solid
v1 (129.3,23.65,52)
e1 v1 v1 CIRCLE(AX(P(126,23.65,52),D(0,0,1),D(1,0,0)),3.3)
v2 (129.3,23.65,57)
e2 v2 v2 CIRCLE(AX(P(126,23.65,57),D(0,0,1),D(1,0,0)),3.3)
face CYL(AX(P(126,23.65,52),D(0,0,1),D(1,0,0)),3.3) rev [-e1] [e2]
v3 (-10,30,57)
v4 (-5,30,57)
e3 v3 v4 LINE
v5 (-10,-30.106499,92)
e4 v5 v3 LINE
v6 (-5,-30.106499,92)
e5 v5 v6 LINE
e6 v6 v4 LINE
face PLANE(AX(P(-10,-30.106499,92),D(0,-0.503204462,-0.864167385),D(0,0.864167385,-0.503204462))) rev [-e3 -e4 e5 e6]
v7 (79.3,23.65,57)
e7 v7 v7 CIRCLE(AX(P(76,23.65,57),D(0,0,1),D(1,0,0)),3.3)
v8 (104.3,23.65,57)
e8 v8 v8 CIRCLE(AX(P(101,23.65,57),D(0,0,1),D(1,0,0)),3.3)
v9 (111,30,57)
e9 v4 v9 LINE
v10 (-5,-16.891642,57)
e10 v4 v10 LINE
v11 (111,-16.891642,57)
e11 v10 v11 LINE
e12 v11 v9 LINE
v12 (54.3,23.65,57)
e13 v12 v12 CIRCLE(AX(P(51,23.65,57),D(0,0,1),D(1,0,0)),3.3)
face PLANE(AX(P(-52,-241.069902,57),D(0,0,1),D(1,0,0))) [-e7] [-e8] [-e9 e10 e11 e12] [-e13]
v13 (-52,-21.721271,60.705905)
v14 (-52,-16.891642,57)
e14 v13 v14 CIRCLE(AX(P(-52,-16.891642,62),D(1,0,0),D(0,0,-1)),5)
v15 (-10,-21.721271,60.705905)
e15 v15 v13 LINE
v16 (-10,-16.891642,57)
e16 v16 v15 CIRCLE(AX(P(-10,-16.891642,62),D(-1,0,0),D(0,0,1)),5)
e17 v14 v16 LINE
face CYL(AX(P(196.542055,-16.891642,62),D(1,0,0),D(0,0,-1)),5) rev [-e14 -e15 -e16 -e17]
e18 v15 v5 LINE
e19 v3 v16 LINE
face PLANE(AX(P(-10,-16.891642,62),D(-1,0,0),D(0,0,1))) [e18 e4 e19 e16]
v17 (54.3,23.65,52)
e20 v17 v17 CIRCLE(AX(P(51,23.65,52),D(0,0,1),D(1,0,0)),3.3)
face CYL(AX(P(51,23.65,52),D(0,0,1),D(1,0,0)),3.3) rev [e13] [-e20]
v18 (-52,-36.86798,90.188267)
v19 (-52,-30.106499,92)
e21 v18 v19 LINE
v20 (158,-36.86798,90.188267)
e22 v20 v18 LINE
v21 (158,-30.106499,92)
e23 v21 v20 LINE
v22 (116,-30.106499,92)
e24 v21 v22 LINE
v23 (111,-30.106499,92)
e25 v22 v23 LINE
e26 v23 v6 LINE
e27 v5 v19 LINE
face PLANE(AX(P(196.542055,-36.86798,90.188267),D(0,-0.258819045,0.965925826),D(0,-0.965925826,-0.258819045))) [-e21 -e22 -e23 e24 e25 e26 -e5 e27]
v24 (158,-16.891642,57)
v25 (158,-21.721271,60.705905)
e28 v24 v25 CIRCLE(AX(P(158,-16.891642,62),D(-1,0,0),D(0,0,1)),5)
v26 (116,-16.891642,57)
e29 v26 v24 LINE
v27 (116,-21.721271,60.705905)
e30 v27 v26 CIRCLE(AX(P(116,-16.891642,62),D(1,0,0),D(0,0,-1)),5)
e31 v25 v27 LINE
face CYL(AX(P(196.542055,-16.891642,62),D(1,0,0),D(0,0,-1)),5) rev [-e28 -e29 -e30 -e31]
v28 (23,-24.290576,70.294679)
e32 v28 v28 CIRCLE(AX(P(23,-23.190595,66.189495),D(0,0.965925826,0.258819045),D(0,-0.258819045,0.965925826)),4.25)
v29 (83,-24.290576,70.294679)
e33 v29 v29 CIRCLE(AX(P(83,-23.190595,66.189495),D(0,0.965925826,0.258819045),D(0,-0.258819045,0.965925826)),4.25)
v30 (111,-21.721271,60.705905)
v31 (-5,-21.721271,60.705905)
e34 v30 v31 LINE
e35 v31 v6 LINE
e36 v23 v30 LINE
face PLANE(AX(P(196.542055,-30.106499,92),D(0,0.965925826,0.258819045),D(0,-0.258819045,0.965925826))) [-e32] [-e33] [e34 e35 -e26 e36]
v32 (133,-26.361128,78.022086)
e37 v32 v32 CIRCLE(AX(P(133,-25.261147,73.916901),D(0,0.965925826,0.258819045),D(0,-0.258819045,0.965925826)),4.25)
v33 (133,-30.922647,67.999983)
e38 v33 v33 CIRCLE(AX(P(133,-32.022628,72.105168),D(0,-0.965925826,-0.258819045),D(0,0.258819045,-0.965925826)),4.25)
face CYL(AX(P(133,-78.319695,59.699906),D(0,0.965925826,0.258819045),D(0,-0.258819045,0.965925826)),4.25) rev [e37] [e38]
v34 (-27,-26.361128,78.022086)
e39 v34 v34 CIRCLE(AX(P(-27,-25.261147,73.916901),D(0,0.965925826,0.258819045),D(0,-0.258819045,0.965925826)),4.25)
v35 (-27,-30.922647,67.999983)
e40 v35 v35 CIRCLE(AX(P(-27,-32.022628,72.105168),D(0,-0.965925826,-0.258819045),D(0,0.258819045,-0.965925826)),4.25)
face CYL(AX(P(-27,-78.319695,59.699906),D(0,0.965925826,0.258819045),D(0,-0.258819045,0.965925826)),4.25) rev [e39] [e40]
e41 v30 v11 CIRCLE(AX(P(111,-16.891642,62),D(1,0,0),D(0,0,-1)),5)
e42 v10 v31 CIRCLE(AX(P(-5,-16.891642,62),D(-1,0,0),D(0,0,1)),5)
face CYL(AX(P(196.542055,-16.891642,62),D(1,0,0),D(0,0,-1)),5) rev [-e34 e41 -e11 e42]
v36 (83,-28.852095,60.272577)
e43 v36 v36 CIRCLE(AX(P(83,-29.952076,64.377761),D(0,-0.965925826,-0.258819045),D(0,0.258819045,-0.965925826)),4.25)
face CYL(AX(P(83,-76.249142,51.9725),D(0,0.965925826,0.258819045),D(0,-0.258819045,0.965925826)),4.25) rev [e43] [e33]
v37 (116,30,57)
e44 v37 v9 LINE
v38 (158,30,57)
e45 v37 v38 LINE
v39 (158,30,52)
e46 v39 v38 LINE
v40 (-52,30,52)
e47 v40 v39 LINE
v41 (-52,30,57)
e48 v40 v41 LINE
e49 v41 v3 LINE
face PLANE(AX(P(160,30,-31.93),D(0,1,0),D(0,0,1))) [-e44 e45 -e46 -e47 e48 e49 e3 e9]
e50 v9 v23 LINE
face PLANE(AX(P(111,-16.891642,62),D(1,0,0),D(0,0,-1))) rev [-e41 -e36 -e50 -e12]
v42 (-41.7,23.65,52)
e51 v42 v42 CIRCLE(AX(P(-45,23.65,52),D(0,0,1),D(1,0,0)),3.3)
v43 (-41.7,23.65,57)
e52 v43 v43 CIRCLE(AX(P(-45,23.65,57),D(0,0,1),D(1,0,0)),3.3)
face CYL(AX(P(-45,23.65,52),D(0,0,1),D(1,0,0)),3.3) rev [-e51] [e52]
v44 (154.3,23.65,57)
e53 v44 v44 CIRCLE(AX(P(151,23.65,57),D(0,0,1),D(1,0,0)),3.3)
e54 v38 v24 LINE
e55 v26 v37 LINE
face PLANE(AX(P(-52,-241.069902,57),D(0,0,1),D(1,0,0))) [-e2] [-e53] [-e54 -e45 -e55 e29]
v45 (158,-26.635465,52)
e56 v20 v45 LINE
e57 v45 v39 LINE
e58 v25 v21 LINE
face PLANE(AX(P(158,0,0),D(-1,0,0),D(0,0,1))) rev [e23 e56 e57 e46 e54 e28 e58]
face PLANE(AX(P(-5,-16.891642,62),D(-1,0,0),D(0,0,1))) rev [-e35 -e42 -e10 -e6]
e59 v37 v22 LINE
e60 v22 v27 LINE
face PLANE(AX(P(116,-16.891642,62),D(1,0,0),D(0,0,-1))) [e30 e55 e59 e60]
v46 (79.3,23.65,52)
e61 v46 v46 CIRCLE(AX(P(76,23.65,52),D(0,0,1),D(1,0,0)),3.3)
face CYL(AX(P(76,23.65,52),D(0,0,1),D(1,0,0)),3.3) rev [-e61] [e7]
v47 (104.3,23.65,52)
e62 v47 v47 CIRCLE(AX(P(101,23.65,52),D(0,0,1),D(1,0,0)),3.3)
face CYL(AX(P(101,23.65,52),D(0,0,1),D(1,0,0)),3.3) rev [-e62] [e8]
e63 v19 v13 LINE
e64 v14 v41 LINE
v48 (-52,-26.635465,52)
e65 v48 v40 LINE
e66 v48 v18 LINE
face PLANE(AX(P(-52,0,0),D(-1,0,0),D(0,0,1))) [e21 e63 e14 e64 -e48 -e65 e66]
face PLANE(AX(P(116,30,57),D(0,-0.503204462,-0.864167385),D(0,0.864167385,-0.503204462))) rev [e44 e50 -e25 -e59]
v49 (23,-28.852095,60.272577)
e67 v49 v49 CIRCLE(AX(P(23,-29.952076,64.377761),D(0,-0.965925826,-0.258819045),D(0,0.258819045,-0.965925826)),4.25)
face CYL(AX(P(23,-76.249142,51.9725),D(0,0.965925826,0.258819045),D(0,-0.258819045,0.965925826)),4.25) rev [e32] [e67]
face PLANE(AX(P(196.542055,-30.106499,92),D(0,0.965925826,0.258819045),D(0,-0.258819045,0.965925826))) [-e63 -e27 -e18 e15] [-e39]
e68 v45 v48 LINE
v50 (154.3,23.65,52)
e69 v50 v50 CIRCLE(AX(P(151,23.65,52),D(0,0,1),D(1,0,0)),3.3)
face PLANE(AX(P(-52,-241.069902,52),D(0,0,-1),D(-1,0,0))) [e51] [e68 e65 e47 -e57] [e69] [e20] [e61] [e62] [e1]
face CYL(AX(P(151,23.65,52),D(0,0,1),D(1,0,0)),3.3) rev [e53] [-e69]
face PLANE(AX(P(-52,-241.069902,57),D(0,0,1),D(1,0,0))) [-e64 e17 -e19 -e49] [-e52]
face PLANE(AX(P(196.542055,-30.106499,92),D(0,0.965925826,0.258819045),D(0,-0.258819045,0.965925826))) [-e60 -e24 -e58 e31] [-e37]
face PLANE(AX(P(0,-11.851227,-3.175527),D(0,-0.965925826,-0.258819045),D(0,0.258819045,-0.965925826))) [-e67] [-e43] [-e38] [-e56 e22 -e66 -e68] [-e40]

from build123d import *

# Parameters (mm, degrees)
EXTRUDE_1_DEPTH      = 30
SKETCH_2_R           = 44.45
CUT_EXTRUDE_1_DEPTH  = 4
SKETCH_3_R           = 25.5
SKETCH_3_R_2         = 2.25
CUT_EXTRUDE_2_DEPTH  = 188.619295383
CUT_EXTRUDE_3_DEPTH  = 189.215302247
SKETCH_5_R           = 1.65
CUT_EXTRUDE_4_DEPTH  = 189.215302247
EXTRUDE_START        = -30
EXTRUDE_2_DEPTH      = 30
CUT_EXTRUDE_5_DEPTH  = 198.040604952
CUT_EXTRUDE_7_DEPTH  = 233.432785983
CUT_EXTRUDE_8_DEPTH  = 233.432785983
CUT_EXTRUDE_9_DEPTH  = 233.432785983
FILLET_1_R           = 5
CUT_EXTRUDE_10_DEPTH = 233.432785983
EXTRUDE_START_2      = -5
EXTRUDE_3_DEPTH      = 5
EXTRUDE_4_DEPTH      = 5
SKETCH_14_R          = 4.25
CUT_EXTRUDE_11_DEPTH = 189.364728478
SKETCH_16_W          = 43
SKETCH_16_H          = 30
CUT_EXTRUDE_12_DEPTH = 233.432785983
EXTRUDE_7_REACH      = 188.592
SKETCH_18_W          = 210
SKETCH_18_H          = 5
EXTRUDE_8_DEPTH      = 210
EXTRUDE_9_DEPTH      = 5
EXTRUDE_10_DEPTH     = 5
SKETCH_22_R          = 4.25
CUT_EXTRUDE_13_DEPTH = 187.984035343
FILLET_2_R           = 5
SKETCH_23_W          = 158.512158041
SKETCH_23_H          = 103.317713915
CUT_EXTRUDE_14_DEPTH = 234.418610938
EXTRUDE_11_DEPTH     = 2.5
EXTRUDE_12_DEPTH     = 2.5
CUT_EXTRUDE_15_DEPTH = 5
CUT_EXTRUDE_START    = -5
CUT_EXTRUDE_16_DEPTH = 5
SKETCH_24_R          = 3.3
CUT_EXTRUDE_17_DEPTH = 166.976648756


with BuildPart() as part:
    # 草图1 → 凸台-拉伸1 (new body)
    with BuildSketch(Plane(origin=(0, 0, 0), x_dir=(1, 0, 0), z_dir=(0, 1, 0))):
        with BuildLine():
            Line((170, 31.93), (170, -31.93))
            ThreePointArc((170, -31.93), (167.781993847, -38.210172909), (162.111885646, -41.704453387))
            Line((162.111885646, -41.704453387), (15.839142344, -73.308400404))
            ThreePointArc((15.839142344, -73.308400404), (-75, 0), (15.839142344, 73.308400404))
            Line((15.839142344, 73.308400404), (162.111885646, 41.704453387))
            ThreePointArc((162.111885646, 41.704453387), (167.781993847, 38.210172909), (170, 31.93))
        make_face()
    extrude(amount=EXTRUDE_1_DEPTH)

    # 草图2 → 切除-拉伸1 (cut)
    with BuildSketch(Plane(origin=(0, 30, 0), x_dir=(1, 0, 0), z_dir=(0, 1, 0))):
        with Locations(Location((0, 0, 0), (0, 0, 270))):
            Circle(SKETCH_2_R)
    extrude(amount=-CUT_EXTRUDE_1_DEPTH, mode=Mode.SUBTRACT)

    # 草图3 → 切除-拉伸2 (cut, through all)
    with BuildSketch(Plane(origin=(0, 26, 0), x_dir=(1, 0, 0), z_dir=(0, 1, 0))):
        with Locations(Location((0, 0, 0), (0, 0, 270))):
            Circle(SKETCH_3_R)
        with Locations(Location((0, 41, 0), (0, 0, 270))):
            Circle(SKETCH_3_R_2)
        with Locations(Location((28.991378029, 28.991378029, 0), (0, 0, 270))):
            Circle(SKETCH_3_R_2)
        with Locations(Location((41, 0, 0), (0, 0, 270))):
            Circle(SKETCH_3_R_2)
        with Locations(Location((28.991378029, -28.991378029, 0), (0, 0, 270))):
            Circle(SKETCH_3_R_2)
        with Locations(Location((0, -41, 0), (0, 0, 270))):
            Circle(SKETCH_3_R_2)
        with Locations(Location((-28.991378029, -28.991378029, 0), (0, 0, 270))):
            Circle(SKETCH_3_R_2)
        with Locations(Location((-41, 0, 0), (0, 0, 270))):
            Circle(SKETCH_3_R_2)
        with Locations(Location((-28.991378029, 28.991378029, 0), (0, 0, 270))):
            Circle(SKETCH_3_R_2)
    extrude(amount=-CUT_EXTRUDE_2_DEPTH, mode=Mode.SUBTRACT)

    # 草图4 → 切除-拉伸3 (cut, through all)
    with BuildSketch(Plane(origin=(0, 30, 0), x_dir=(1, 0, 0), z_dir=(0, 1, 0))):
        with BuildLine():
            Line((124, 18.5), (134, 18.5))
            ThreePointArc((134, 18.5), (152.5, 0), (134, -18.5))
            Line((134, -18.5), (124, -18.5))
            ThreePointArc((124, -18.5), (105.5, 0), (124, 18.5))
        make_face()
    extrude(amount=-CUT_EXTRUDE_3_DEPTH, mode=Mode.SUBTRACT)

    # 草图5 → 切除-拉伸4 (cut, through all)
    with BuildSketch(Plane(origin=(0, 30, 0), x_dir=(1, 0, 0), z_dir=(0, 1, 0))):
        with Locations(Location((116.75, 25.5, 0), (0, 0, 270))):
            Circle(SKETCH_5_R)
        with Locations(Location((141.25, 25.5, 0), (0, 0, 270))):
            Circle(SKETCH_5_R)
        with Locations(Location((141.25, -25.5, 0), (0, 0, 270))):
            Circle(SKETCH_5_R)
        with Locations(Location((116.75, -25.5, 0), (0, 0, 270))):
            Circle(SKETCH_5_R)
    extrude(amount=-CUT_EXTRUDE_4_DEPTH, mode=Mode.SUBTRACT)

    # 草图6 → 凸台-拉伸2 (add)
    with BuildSketch(Plane(origin=(0, 30, 0), x_dir=(1, 0, 0), z_dir=(0, 1, 0)).offset(EXTRUDE_START)):
        with BuildLine():
            Line((158, 95), (-52, 95))
            Line((-52, 95), (-52, 54.046276467))
            ThreePointArc((-52, 54.046276467), (-20.48558667, 72.148047366), (15.839142344, 73.308400404))
            Line((15.839142344, 73.308400404), (158, 42.592874655))
            Line((158, 42.592874655), (158, 95))
        make_face()
        with BuildLine():
            ThreePointArc((15.839142344, -73.308400404), (-20.48558667, -72.148047366), (-52, -54.046276467))
            Line((-52, -54.046276467), (-52, -95))
            Line((-52, -95), (158, -95))
            Line((158, -95), (158, -42.592874655))
            Line((158, -42.592874655), (15.839142344, -73.308400404))
        make_face()
    extrude(amount=EXTRUDE_2_DEPTH)

    # 草图7 → 切除-拉伸5 (cut, through all)
    with BuildSketch(Plane(origin=(0, 30, 0), x_dir=(1, 0, 0), z_dir=(0, 1, 0))):
        with BuildLine():
            Line((-52, 54.046276467), (-52, -54.046276467))
            ThreePointArc((-52, -54.046276467), (-75, 0), (-52, 54.046276467))
        make_face()
        with BuildLine():
            Line((158, 42.592874655), (158, -42.592874655))
            Line((158, -42.592874655), (162.111885646, -41.704453387))
            ThreePointArc((162.111885646, -41.704453387), (167.781993847, -38.210172909), (170, -31.93))
            Line((170, -31.93), (170, 31.93))
            ThreePointArc((170, 31.93), (167.781993847, 38.210172909), (162.111885646, 41.704453387))
            Line((162.111885646, 41.704453387), (158, 42.592874655))
        make_face()
    extrude(amount=-CUT_EXTRUDE_5_DEPTH, mode=Mode.SUBTRACT)

    # 草图9 → 切除-拉伸7 (cut, through all)
    with BuildSketch(Plane.ZY.offset(52)):
        Polygon((-95, 20), (-60, 10.621778265), (-60, 30), (-95, 30), align=None)
    extrude(amount=-CUT_EXTRUDE_7_DEPTH, mode=Mode.SUBTRACT)

    # 草图10 → 切除-拉伸8 (cut, through all)
    with BuildSketch(Plane.ZY.offset(52)):
        Polygon((-95, 12.753066737), (-52, 1.231251463), (-52, 0), (-95, 0), align=None)
    extrude(amount=-CUT_EXTRUDE_8_DEPTH, mode=Mode.SUBTRACT)

    # 草图8 → 切除-拉伸9 (cut, through all)
    with BuildSketch(Plane.ZY.offset(52)):
        Polygon((0, 0), (52, 0), (52, 17.3), (-52, 17.3), (-52, 0), align=None)
    extrude(amount=-CUT_EXTRUDE_9_DEPTH, mode=Mode.SUBTRACT)

    # 圆角1
    fillet_1_edges = [part.edges().sort_by_distance(p)[0] for p in [
        (53, 10.621778265, -60),
    ]]
    fillet(fillet_1_edges, radius=FILLET_1_R)

    # 草图11 → 切除-拉伸10 (cut, through all)
    with BuildSketch(Plane.ZY.offset(52)):
        Polygon((-95, 12.753066737), (-93.188266684, 19.514547521), (-95, 20), align=None)
    extrude(amount=-CUT_EXTRUDE_10_DEPTH, mode=Mode.SUBTRACT)

    # 草图12 → 凸台-拉伸3 (add)
    with BuildSketch(Plane.ZY.offset(52).offset(EXTRUDE_START_2)):
        with BuildLine():
            Line((-93.188266684, 19.514547521), (-60, 30))
            Line((-60, 30), (-60, 17.137905129))
            ThreePointArc((-60, 17.137905129), (-61.956192855, 13.171138428), (-66.294095226, 12.308275998))
            Line((-66.294095226, 12.308275998), (-93.188266684, 19.514547521))
        make_face()
    extrude(amount=EXTRUDE_3_DEPTH)

    # 草图13 → 凸台-拉伸4 (add)
    with BuildSketch(Plane(origin=(158, 0, 0), x_dir=(0, 0, -1), z_dir=(1, 0, 0))):
        with BuildLine():
            Line((66.294095226, 12.308275998), (93.188266684, 19.514547521))
            Line((93.188266684, 19.514547521), (60, 30))
            Line((60, 30), (60, 17.137905129))
            ThreePointArc((60, 17.137905129), (61.956192855, 13.171138428), (66.294095226, 12.308275998))
        make_face()
    extrude(amount=-EXTRUDE_4_DEPTH)

    # 草图14 → 切除-拉伸11 (cut, through all)
    with BuildSketch(Plane(origin=(0, -5.089745962, -1.36379332), x_dir=(1, 0, 0), z_dir=(0, 0.9659258262890681, 0.2588190451025214))):
        with Locations(Location((-27, 82.063690052, 0), (0, 0, 270))):
            Circle(SKETCH_14_R)
        with Locations(Location((23, 82.063690052, 0), (0, 0, 270))):
            Circle(SKETCH_14_R)
        with Locations(Location((83, 82.063690052, 0), (0, 0, 270))):
            Circle(SKETCH_14_R)
        with Locations(Location((133, 82.063690052, 0), (0, 0, 270))):
            Circle(SKETCH_14_R)
    extrude(amount=-CUT_EXTRUDE_11_DEPTH, mode=Mode.SUBTRACT)

    # 草图16 → 切除-拉伸12 (cut, through all)
    with BuildSketch(Plane.ZY.offset(52)):
        with Locations((73.5, 15)):
            Rectangle(SKETCH_16_W, SKETCH_16_H)
    extrude(amount=-CUT_EXTRUDE_12_DEPTH, mode=Mode.SUBTRACT)

    # 凸台-拉伸7: up to this plane
    extrude_7_end = Plane(origin=(0, -11.851226746, -3.175526636), z_dir=(0, -0.9659258262890681, -0.25881904510252146))
    # 草图18 → 凸台-拉伸7 (add, up to the surface)
    with BuildSketch(Plane(origin=(0, 30, 0), x_dir=(1, 0, 0), z_dir=(0, 1, 0)), mode=Mode.PRIVATE) as extrude_7_sk1:
        with Locations((53, -54.5)):
            Rectangle(SKETCH_18_W, SKETCH_18_H)
    extrude_7_tool1 = split(extrude(extrude_7_sk1.sketch, amount=-EXTRUDE_7_REACH, mode=Mode.PRIVATE), bisect_by=extrude_7_end, keep=Keep.BOTH, mode=Mode.PRIVATE)
    add(extrude_7_tool1.solids().sort_by_distance((53, 30, 54.5))[0])

    # 草图19 → 凸台-拉伸8 (add)
    with BuildSketch(Plane.ZY.offset(52)):
        Polygon((57, -27.975210512), (90.188266684, -36.867979769), (92, -30.106498985), (57, -20.72827725), align=None)
    extrude(amount=-EXTRUDE_8_DEPTH)

    # 草图20 → 凸台-拉伸9 (add)
    with BuildSketch(Plane.ZY.offset(52)):
        Polygon((92, -30.106498985), (57, -20.72827725), (57, 30), align=None)
    extrude(amount=-EXTRUDE_9_DEPTH)

    # 草图21 → 凸台-拉伸10 (add)
    with BuildSketch(Plane(origin=(158, 0, 0), x_dir=(0, 0, -1), z_dir=(1, 0, 0))):
        Polygon((-57, 30), (-92, -30.106498985), (-57, -20.72827725), align=None)
    extrude(amount=-EXTRUDE_10_DEPTH)

    # 草图22 → 切除-拉伸13 (cut, through all)
    with BuildSketch(Plane(origin=(0, -5.089745962, -1.36379332), x_dir=(1, 0, 0), z_dir=(0, 0.9659258262890686, 0.25881904510251946))):
        with Locations(Location((-27, -77.936309948, 0), (0, 0, 270))):
            Circle(SKETCH_22_R)
        with Locations(Location((23, -69.936309948, 0), (0, 0, 270))):
            Circle(SKETCH_22_R)
        with Locations(Location((83, -69.936309948, 0), (0, 0, 270))):
            Circle(SKETCH_22_R)
        with Locations(Location((133, -77.936309948, 0), (0, 0, 270))):
            Circle(SKETCH_22_R)
    extrude(amount=-CUT_EXTRUDE_13_DEPTH, mode=Mode.SUBTRACT)

    # 圆角2
    fillet_2_edges = [part.edges().sort_by_distance(p)[0] for p in [
        (53, -20.72827725, 57),
    ]]
    fillet(fillet_2_edges, radius=FILLET_2_R)

    # 草图23 → 切除-拉伸14 (cut, through all)
    with BuildSketch(Plane.ZY.offset(52)):
        with Locations((-27.256079021, 5.306767281)):
            Rectangle(SKETCH_23_W, SKETCH_23_H)
    extrude(amount=-CUT_EXTRUDE_14_DEPTH, mode=Mode.SUBTRACT)

    # 草图25 → 凸台-拉伸11 (add, symmetric)
    with BuildSketch(Plane(origin=(113.5, 0, 0), x_dir=(0, 0, -1), z_dir=(1, 0, 0))):
        with BuildLine():
            Line((-57, -16.89164231), (-57, 30))
            Line((-57, 30), (-92, -30.106498985))
            Line((-92, -30.106498985), (-60.705904774, -21.721271441))
            ThreePointArc((-60.705904774, -21.721271441), (-58.033233299, -19.935449455), (-57, -16.89164231))
        make_face()
    extrude(amount=EXTRUDE_11_DEPTH, both=True)

    # 草图26 → 凸台-拉伸12 (add, symmetric)
    with BuildSketch(Plane.ZY.offset(7.5)):
        with BuildLine():
            Line((60.705904774, -21.721271441), (92, -30.106498985))
            Line((92, -30.106498985), (57, 30))
            Line((57, 30), (57, -16.89164231))
            ThreePointArc((57, -16.89164231), (58.033233299, -19.935449455), (60.705904774, -21.721271441))
        make_face()
    extrude(amount=EXTRUDE_12_DEPTH, both=True)

    # 草图27 → 切除-拉伸15 (cut)
    with BuildSketch(Plane(origin=(-47, 0, 0), x_dir=(0, 0, -1), z_dir=(1, 0, 0))):
        with BuildLine():
            Line((-92, -30.106498985), (-60.705904774, -21.721271441))
            ThreePointArc((-60.705904774, -21.721271441), (-58.033233299, -19.935449455), (-57, -16.89164231))
            Line((-57, -16.89164231), (-57, 30))
            Line((-57, 30), (-92, -30.106498985))
        make_face()
    extrude(amount=-CUT_EXTRUDE_15_DEPTH, mode=Mode.SUBTRACT)

    # 草图28 → 切除-拉伸16 (cut)
    with BuildSketch(Plane.ZY.offset(-153).offset(CUT_EXTRUDE_START)):
        with BuildLine():
            Line((57, 30), (57, -16.89164231))
            ThreePointArc((57, -16.89164231), (58.033233299, -19.935449455), (60.705904774, -21.721271441))
            Line((60.705904774, -21.721271441), (92, -30.106498985))
            Line((92, -30.106498985), (57, 30))
        make_face()
    extrude(amount=CUT_EXTRUDE_16_DEPTH, mode=Mode.SUBTRACT)

    # 草图24 → 切除-拉伸17 (cut, through all)
    with BuildSketch(Plane.XY.offset(57)):
        with Locations((-45, 23.65)):
            Circle(SKETCH_24_R)
        with Locations((151, 23.65)):
            Circle(SKETCH_24_R)
        with Locations((126, 23.65)):
            Circle(SKETCH_24_R)
        with Locations((101, 23.65)):
            Circle(SKETCH_24_R)
        with Locations((76, 23.65)):
            Circle(SKETCH_24_R)
        with Locations((51, 23.65)):
            Circle(SKETCH_24_R)
    extrude(amount=-CUT_EXTRUDE_17_DEPTH, mode=Mode.SUBTRACT)


solid = part.part
